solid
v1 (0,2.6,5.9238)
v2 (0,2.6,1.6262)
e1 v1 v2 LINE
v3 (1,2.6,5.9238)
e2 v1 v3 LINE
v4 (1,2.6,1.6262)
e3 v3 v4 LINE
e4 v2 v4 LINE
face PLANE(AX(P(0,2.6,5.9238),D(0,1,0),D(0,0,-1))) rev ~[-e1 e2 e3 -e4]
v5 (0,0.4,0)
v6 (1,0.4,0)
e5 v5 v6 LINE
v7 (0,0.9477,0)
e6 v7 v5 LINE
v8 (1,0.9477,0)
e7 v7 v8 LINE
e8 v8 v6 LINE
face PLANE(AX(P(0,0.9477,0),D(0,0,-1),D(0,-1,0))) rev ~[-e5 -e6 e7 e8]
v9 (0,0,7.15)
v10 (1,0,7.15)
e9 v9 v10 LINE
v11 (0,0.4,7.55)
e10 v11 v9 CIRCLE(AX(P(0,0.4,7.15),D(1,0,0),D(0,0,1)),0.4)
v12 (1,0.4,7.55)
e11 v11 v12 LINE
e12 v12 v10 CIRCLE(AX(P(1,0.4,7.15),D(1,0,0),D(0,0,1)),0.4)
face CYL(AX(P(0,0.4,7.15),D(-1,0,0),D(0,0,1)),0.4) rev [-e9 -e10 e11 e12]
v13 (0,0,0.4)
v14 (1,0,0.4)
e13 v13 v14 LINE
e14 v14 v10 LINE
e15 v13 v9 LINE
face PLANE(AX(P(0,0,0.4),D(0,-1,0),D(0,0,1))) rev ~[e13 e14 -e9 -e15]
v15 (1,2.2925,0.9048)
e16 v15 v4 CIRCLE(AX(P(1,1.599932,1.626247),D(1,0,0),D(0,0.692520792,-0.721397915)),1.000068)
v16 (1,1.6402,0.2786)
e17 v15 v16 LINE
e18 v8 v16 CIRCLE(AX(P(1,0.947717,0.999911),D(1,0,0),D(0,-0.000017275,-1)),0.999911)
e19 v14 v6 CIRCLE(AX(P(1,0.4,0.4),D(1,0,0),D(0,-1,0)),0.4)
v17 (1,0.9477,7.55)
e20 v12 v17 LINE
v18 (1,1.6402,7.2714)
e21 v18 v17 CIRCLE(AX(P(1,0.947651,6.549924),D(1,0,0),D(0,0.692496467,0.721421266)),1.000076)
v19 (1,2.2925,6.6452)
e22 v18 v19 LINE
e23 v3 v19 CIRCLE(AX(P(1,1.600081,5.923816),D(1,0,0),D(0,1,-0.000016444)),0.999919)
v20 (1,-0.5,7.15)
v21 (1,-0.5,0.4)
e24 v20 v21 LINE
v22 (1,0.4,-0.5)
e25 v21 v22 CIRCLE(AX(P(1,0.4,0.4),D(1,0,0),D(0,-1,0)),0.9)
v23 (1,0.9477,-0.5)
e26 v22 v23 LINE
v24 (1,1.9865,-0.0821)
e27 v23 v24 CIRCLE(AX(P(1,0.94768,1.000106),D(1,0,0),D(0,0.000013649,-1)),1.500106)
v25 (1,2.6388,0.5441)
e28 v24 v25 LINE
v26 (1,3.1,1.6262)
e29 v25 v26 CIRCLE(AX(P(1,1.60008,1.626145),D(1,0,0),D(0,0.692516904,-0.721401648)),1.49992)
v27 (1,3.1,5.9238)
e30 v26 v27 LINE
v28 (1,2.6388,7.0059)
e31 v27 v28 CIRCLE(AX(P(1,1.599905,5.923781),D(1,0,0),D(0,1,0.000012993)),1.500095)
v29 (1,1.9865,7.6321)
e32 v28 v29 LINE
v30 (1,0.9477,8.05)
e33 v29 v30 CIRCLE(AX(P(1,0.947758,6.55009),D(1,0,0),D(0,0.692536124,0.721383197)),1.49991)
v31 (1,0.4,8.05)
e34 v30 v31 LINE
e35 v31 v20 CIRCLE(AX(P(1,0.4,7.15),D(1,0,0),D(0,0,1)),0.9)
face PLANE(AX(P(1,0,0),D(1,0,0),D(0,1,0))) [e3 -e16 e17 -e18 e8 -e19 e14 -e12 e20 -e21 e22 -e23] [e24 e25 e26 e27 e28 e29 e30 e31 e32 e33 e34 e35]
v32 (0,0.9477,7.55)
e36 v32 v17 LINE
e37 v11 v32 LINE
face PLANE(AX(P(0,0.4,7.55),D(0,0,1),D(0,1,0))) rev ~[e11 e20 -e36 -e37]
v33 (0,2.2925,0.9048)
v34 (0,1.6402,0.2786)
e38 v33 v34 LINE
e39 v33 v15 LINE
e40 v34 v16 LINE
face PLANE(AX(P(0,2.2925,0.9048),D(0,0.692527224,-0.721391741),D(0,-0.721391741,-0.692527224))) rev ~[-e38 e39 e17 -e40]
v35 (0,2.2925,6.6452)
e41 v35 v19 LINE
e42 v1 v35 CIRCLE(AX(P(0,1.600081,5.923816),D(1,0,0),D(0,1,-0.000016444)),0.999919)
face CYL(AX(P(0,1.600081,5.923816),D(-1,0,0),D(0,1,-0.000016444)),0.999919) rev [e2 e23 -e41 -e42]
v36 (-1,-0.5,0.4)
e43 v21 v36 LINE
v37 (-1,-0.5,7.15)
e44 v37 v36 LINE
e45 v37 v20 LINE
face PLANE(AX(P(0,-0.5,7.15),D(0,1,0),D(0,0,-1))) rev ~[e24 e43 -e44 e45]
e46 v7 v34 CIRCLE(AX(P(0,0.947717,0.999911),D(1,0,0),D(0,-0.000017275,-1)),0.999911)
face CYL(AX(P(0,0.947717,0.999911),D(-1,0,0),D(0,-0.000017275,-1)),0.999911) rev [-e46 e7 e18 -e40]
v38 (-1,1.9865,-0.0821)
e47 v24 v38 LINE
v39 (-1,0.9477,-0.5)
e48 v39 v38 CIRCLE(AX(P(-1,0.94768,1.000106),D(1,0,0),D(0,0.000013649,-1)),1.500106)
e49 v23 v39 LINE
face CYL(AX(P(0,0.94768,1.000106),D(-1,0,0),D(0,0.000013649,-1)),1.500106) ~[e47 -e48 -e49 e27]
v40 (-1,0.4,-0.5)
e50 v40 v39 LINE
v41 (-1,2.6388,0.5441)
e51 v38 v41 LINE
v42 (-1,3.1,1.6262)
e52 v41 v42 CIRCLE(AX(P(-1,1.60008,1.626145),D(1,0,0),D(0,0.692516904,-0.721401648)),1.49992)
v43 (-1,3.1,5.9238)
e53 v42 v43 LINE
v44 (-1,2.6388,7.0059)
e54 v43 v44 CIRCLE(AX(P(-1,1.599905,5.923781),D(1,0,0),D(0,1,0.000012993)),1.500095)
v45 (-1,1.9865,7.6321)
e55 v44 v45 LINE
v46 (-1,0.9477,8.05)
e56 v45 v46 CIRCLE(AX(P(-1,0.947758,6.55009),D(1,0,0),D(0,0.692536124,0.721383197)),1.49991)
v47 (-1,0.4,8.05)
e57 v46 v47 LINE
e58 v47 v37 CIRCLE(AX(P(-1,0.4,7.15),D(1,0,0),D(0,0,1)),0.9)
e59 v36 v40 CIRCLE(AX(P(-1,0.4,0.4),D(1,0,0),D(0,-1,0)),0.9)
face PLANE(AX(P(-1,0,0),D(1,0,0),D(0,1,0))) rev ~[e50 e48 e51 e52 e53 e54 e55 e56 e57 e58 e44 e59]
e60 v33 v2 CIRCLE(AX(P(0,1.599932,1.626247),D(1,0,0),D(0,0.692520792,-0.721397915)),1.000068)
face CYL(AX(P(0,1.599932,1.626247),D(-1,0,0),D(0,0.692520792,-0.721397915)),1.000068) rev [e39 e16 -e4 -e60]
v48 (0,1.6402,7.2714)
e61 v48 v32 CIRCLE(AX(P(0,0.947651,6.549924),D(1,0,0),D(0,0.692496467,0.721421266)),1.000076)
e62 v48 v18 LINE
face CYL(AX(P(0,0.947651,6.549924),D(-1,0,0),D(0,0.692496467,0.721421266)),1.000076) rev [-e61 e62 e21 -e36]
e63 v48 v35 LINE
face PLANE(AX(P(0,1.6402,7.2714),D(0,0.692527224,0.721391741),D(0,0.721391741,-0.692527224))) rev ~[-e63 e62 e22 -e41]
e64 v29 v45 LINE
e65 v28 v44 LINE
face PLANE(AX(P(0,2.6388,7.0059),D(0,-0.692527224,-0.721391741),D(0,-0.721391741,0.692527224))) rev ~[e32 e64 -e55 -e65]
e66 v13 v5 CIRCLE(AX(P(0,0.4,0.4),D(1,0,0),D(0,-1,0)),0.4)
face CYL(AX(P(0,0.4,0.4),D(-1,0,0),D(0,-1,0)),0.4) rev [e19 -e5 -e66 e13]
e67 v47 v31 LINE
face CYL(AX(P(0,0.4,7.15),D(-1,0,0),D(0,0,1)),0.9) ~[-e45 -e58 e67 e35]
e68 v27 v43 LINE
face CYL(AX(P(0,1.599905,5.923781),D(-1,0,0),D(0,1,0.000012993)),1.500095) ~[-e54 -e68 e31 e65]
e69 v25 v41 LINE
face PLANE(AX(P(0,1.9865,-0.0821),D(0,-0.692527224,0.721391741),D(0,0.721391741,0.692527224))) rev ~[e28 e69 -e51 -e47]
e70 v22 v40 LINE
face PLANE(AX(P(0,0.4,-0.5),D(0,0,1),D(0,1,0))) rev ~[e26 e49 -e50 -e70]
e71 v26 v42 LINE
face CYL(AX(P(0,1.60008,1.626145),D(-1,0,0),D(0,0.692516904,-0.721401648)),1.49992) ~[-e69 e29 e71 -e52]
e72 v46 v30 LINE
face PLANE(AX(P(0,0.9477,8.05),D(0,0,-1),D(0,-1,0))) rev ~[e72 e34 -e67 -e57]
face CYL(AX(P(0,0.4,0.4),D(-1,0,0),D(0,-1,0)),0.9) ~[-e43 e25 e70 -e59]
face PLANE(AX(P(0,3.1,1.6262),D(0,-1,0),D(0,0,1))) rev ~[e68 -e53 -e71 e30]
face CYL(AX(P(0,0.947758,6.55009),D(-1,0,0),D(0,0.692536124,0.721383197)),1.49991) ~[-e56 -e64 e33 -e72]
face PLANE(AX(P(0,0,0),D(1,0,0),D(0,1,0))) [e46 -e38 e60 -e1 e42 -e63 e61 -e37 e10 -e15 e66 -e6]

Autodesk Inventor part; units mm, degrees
ref_plane "YZ Plane" through (0, 0, 0) normal (1, 0, 0) x (0, 1, 0)
ref_plane "XZ Plane" through (0, 0, 0) normal (0, 1, 0) x (-1, 0, 0)
ref_plane "XY Plane" through (0, 0, 0) normal (0, 0, 1) x (1, 0, 0)
sketch "Skizze2" plane through (0, 0, 0) normal (1, 0, 0) x (0, 1, 0)
  arc A0 (0.4, 7.55) -> (0, 7.15) centre (0.4, 7.15) ccw projected
  line L0 (0.4, 7.55) -> (0.9477, 7.55) projected
  arc A1 (1.6402, 7.2714) -> (0.9477, 7.55) centre (0.9477, 6.55) ccw projected
  line L1 (1.6402, 7.2714) -> (2.2925, 6.6452) projected
  arc A2 (2.6, 5.9238) -> (2.2925, 6.6452) centre (1.6, 5.9238) ccw projected
  line L2 (2.6, 5.9238) -> (2.6, 1.6262) projected
  arc A3 (2.2925, 0.9048) -> (2.6, 1.6262) centre (1.6, 1.6262) ccw projected
  line L3 (2.2925, 0.9048) -> (1.6402, 0.2786) projected
  arc A4 (0.9477, 0) -> (1.6402, 0.2786) centre (0.9477, 1) ccw projected
  line L4 (0.9477, 0) -> (0.4, 0) projected
  arc A5 (0, 0.4) -> (0.4, 0) centre (0.4, 0.4) ccw projected
  line L5 (0, 0.4) -> (0, 7.15) projected
  line L6 (0.9477, 8.05) -> (0.4, 8.05)
  arc A6 (0.4, 8.05) -> (-0.5, 7.15) centre (0.4, 7.15) ccw
  line L7 (-0.5, 7.15) -> (-0.5, 0.4)
  arc A7 (-0.5, 0.4) -> (0.4, -0.5) centre (0.4, 0.4) ccw
  line L8 (0.4, -0.5) -> (0.9477, -0.5)
  arc A8 (0.9477, -0.5) -> (1.9865, -0.0821) centre (0.9477, 1) ccw
  line L9 (1.9865, -0.0821) -> (2.6388, 0.5441)
  arc A9 (2.6388, 0.5441) -> (3.1, 1.6262) centre (1.6, 1.6262) ccw
  line L10 (3.1, 1.6262) -> (3.1, 5.9238)
  arc A10 (3.1, 5.9238) -> (2.6388, 7.0059) centre (1.6, 5.9238) ccw
  line L11 (2.6388, 7.0059) -> (1.9865, 7.6321)
  arc A11 (1.9865, 7.6321) -> (0.9477, 8.05) centre (0.9477, 6.55) ccw
  point P0 (0, 0)
  dimension "d0" = 0.5
extrude "Extrusion1" add sketch "Skizze2" along normal blind 1
extrude "Extrusion2" add sketch "Skizze2" against normal blind 1 contours L0 A1 L1 A2 L2 A3 L3 A4 L4 A5 L5 A0 | A11 L11 A10 L10 A9 L9 A8 L8 A7 L7 A6 L6
properties part number "Power_Cap" material "PA 6.6"
